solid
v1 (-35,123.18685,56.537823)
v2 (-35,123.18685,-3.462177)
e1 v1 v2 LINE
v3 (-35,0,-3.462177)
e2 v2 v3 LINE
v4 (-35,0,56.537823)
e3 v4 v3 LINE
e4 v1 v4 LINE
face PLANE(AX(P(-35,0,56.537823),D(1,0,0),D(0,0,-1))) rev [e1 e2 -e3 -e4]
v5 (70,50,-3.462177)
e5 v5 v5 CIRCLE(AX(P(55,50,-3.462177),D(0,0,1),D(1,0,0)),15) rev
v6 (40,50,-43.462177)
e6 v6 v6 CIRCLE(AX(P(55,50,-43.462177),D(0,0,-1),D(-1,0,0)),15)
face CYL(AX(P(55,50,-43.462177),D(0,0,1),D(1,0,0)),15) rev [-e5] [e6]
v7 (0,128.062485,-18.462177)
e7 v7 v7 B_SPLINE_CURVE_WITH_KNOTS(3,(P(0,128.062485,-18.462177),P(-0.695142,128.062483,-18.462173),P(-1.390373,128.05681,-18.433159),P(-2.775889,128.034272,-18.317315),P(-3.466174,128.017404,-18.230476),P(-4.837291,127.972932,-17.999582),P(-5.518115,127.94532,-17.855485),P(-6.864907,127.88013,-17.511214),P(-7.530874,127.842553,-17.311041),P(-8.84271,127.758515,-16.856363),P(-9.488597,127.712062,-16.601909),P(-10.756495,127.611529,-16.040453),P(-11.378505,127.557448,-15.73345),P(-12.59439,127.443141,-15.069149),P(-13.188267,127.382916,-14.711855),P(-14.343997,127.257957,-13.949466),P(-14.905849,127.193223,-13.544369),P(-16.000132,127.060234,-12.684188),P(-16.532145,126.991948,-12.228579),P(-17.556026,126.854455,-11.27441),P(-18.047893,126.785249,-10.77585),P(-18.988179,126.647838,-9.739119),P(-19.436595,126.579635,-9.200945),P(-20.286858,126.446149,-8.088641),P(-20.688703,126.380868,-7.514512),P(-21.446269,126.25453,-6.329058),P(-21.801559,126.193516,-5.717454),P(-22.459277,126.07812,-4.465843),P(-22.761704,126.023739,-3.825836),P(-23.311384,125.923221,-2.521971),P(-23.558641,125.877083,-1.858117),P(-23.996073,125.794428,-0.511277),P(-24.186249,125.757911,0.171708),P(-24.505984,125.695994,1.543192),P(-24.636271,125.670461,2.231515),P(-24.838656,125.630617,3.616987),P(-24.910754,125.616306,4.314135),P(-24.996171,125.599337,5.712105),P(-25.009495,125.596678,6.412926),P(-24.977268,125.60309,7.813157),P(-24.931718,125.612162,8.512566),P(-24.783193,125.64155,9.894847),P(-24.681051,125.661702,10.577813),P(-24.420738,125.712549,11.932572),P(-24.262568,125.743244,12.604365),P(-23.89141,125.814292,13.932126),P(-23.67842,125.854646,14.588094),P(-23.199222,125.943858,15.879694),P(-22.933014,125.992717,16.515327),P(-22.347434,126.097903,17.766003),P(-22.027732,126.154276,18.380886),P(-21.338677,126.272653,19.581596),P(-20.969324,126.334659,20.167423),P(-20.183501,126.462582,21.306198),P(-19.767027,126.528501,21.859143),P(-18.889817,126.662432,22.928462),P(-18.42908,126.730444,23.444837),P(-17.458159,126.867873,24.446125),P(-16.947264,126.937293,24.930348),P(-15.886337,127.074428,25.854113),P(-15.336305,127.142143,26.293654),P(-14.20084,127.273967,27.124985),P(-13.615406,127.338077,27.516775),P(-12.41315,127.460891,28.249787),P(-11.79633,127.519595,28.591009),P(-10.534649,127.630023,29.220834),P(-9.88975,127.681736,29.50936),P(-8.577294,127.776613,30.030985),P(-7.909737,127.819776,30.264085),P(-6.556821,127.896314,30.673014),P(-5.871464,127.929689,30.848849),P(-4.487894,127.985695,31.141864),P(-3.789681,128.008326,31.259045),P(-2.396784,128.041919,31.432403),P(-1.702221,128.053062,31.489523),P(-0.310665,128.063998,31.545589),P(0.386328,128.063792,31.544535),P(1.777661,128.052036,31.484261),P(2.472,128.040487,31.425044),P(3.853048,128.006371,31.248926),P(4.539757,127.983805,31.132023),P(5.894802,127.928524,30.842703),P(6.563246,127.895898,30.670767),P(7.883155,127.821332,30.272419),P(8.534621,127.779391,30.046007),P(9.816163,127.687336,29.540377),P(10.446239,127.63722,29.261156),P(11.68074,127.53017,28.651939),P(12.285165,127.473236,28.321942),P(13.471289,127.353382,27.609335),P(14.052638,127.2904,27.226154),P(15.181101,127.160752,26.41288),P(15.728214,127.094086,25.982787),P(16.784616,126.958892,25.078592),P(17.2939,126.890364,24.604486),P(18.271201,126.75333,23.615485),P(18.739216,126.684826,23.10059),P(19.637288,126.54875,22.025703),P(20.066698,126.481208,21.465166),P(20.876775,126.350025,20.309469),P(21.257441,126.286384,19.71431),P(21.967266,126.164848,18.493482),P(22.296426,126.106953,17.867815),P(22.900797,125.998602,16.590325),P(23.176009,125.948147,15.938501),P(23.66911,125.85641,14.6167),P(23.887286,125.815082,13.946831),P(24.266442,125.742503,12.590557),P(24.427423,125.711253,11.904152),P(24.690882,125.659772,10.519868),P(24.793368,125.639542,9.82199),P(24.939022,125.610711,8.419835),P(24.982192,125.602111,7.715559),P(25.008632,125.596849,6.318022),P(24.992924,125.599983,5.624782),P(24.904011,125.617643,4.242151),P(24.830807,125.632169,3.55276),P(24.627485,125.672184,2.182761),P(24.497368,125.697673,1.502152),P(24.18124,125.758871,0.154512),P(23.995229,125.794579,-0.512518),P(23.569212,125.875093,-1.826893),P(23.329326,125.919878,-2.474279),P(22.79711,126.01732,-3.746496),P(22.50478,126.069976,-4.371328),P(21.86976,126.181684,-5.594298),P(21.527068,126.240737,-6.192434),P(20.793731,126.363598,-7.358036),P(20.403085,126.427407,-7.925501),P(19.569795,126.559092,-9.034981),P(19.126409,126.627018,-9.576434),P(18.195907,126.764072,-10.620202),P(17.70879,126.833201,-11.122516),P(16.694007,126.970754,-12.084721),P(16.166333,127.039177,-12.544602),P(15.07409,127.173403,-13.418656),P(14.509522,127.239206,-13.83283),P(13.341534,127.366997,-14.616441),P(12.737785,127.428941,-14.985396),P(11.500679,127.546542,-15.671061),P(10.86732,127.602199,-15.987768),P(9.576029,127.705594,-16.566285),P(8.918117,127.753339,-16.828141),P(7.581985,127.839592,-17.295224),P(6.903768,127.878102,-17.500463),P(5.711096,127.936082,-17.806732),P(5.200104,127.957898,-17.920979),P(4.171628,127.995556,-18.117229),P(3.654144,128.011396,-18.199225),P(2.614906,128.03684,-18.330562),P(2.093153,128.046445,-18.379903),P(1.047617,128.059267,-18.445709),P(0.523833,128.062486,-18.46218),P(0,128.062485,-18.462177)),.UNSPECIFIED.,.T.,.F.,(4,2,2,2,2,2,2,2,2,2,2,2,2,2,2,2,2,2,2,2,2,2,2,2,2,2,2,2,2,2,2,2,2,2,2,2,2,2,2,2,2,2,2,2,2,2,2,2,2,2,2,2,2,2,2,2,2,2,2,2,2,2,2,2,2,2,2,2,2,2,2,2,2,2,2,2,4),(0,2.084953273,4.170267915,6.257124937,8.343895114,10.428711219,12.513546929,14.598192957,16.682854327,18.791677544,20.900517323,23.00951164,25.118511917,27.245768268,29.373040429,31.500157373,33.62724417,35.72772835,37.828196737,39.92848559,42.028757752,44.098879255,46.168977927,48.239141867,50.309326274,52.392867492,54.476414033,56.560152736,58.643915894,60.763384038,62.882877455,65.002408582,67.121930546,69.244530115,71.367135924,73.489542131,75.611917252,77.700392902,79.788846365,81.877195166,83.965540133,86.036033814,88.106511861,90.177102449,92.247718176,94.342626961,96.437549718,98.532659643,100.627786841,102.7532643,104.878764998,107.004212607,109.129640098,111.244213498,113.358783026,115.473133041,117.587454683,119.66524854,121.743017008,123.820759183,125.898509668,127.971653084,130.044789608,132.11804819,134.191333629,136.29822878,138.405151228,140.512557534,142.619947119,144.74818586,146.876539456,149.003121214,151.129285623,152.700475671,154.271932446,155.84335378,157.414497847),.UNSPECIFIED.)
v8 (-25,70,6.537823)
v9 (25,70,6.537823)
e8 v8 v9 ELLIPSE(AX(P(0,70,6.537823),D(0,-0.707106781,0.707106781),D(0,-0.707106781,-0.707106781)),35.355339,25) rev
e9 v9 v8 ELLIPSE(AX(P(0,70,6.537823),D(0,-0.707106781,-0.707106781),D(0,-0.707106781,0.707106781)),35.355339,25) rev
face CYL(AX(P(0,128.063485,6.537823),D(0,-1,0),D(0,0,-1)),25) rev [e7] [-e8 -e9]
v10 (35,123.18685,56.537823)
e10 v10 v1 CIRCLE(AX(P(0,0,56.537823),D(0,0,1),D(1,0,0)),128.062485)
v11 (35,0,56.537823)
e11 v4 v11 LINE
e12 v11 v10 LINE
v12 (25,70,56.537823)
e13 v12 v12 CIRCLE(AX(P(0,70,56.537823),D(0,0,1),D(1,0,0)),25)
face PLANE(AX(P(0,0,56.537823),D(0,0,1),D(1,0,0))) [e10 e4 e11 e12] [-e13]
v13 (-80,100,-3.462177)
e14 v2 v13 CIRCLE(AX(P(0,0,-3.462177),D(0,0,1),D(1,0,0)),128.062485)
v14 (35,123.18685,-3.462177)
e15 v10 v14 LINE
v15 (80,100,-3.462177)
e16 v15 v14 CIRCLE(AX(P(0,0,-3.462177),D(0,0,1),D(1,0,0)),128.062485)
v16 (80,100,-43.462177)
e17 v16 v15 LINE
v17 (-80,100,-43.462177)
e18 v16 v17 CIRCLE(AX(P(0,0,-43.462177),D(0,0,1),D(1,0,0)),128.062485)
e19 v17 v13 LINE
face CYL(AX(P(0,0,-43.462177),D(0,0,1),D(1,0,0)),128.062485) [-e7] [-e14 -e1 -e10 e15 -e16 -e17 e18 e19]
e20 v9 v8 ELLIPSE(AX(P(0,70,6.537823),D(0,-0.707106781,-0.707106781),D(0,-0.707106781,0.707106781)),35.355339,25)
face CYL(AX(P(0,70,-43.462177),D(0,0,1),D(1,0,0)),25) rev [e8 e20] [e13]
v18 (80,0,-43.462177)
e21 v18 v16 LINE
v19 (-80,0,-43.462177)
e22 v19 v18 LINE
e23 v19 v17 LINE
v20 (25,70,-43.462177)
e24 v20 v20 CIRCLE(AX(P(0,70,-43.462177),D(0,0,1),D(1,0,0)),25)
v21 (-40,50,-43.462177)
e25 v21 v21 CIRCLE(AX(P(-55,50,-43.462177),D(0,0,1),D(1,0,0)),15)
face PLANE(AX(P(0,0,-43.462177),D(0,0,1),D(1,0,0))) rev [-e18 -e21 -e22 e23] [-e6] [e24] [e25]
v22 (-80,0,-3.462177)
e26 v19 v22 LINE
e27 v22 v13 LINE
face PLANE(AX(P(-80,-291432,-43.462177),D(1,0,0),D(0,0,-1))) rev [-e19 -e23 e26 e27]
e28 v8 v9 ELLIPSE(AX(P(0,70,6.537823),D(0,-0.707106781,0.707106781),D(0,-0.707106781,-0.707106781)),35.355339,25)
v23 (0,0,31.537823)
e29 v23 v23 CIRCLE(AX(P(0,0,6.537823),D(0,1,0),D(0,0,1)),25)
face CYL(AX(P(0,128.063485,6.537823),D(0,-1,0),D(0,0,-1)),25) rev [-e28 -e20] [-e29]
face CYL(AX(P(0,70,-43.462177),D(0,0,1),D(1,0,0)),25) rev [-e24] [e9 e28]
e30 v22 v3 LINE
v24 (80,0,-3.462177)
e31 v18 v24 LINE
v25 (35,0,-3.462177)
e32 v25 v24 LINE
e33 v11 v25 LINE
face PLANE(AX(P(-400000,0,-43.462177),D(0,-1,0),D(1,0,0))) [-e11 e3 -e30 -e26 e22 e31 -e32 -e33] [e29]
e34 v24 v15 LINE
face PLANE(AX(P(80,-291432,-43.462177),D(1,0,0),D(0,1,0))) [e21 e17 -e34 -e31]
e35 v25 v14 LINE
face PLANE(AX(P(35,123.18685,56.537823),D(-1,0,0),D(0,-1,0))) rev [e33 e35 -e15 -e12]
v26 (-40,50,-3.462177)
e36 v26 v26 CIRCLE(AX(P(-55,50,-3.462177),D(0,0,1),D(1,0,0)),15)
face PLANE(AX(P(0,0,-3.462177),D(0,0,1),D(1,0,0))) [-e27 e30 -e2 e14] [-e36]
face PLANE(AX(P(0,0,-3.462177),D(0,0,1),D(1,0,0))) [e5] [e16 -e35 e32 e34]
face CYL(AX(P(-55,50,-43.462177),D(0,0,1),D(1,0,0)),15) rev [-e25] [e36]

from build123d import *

# Parameters (mm, degrees)
EXTRUDE_START            = -3.462177
EXTRUDE_1_DEPTH          = 40
EXTRUDE_START_2          = 60
EXTRUDE_2_DEPTH          = 60
CUT_EXTRUDE_1_REACH      = 163.234
CUT_EXTRUDE_1_END_RADIUS = 128.062484749
SKETCH_1_R               = 25
CUT_EXTRUDE_2_DEPTH      = 163.48076826
CUT_EXTRUDE_2_DEPTH_BACK = 163.48076826
SKETCH_5_R               = 25
SKETCH_5_R_2             = 15


with BuildPart() as part:
    # 草图2 → 凸台-拉伸1 (new body)
    with BuildSketch(Plane.XY.offset(EXTRUDE_START)):
        with BuildLine():
            Line((-80, 0), (80, 0))
            Line((80, 0), (80, 100))
            ThreePointArc((80, 100), (0, 128.062484749), (-80, 100))
            Line((-80, 100), (-80, 0))
        make_face()
    extrude(amount=-EXTRUDE_1_DEPTH)

    # 草图4 → 凸台-拉伸2 (add)
    with BuildSketch(Plane.XY.offset(-3.46217708).offset(EXTRUDE_START_2)):
        with BuildLine():
            Line((-35, 0), (-35, 123.186849948))
            ThreePointArc((-35, 123.186849948), (0, 128.062484749), (35, 123.186849948))
            Line((35, 123.186849948), (35, 0))
            Line((35, 0), (-35, 0))
        make_face()
    extrude(amount=-EXTRUDE_2_DEPTH)

    # 切除-拉伸1: up to this cylinder (the profile starts inside it)
    cut_extrude_1_end = Plane(origin=(0, 0, 6.537823), z_dir=(0, 0, 1)) * Cylinder(CUT_EXTRUDE_1_END_RADIUS, 583.592969497, mode=Mode.PRIVATE)
    # 草图1 → 切除-拉伸1 (cut, up to the surface)
    with BuildSketch(Plane(origin=(0, 0, 0), x_dir=(1, 0, 0), z_dir=(0, 1, 0)), mode=Mode.PRIVATE) as cut_extrude_1_sk1:
        with Locations(Location((0, -6.53782292, 0), (0, 0, 90))):
            Circle(SKETCH_1_R)
    cut_extrude_1_tool1 = extrude(cut_extrude_1_sk1.sketch, amount=CUT_EXTRUDE_1_REACH, mode=Mode.PRIVATE) & cut_extrude_1_end
    add(cut_extrude_1_tool1.solids().sort_by_distance((0, 0, 6.537823))[0], mode=Mode.SUBTRACT)

    # 草图5 → 切除-拉伸2 (cut, two sides: drawn at the far end of the back side and taken through both)
    with BuildSketch(Plane.XY.offset(-3.46217708).offset(-CUT_EXTRUDE_2_DEPTH_BACK)):
        with Locations((0, 70)):
            Circle(SKETCH_5_R)
        with Locations((-55, 50)):
            Circle(SKETCH_5_R_2)
        with Locations((55, 50)):
            Circle(SKETCH_5_R_2)
    extrude(amount=CUT_EXTRUDE_2_DEPTH + CUT_EXTRUDE_2_DEPTH_BACK, mode=Mode.SUBTRACT)


solid = part.part
